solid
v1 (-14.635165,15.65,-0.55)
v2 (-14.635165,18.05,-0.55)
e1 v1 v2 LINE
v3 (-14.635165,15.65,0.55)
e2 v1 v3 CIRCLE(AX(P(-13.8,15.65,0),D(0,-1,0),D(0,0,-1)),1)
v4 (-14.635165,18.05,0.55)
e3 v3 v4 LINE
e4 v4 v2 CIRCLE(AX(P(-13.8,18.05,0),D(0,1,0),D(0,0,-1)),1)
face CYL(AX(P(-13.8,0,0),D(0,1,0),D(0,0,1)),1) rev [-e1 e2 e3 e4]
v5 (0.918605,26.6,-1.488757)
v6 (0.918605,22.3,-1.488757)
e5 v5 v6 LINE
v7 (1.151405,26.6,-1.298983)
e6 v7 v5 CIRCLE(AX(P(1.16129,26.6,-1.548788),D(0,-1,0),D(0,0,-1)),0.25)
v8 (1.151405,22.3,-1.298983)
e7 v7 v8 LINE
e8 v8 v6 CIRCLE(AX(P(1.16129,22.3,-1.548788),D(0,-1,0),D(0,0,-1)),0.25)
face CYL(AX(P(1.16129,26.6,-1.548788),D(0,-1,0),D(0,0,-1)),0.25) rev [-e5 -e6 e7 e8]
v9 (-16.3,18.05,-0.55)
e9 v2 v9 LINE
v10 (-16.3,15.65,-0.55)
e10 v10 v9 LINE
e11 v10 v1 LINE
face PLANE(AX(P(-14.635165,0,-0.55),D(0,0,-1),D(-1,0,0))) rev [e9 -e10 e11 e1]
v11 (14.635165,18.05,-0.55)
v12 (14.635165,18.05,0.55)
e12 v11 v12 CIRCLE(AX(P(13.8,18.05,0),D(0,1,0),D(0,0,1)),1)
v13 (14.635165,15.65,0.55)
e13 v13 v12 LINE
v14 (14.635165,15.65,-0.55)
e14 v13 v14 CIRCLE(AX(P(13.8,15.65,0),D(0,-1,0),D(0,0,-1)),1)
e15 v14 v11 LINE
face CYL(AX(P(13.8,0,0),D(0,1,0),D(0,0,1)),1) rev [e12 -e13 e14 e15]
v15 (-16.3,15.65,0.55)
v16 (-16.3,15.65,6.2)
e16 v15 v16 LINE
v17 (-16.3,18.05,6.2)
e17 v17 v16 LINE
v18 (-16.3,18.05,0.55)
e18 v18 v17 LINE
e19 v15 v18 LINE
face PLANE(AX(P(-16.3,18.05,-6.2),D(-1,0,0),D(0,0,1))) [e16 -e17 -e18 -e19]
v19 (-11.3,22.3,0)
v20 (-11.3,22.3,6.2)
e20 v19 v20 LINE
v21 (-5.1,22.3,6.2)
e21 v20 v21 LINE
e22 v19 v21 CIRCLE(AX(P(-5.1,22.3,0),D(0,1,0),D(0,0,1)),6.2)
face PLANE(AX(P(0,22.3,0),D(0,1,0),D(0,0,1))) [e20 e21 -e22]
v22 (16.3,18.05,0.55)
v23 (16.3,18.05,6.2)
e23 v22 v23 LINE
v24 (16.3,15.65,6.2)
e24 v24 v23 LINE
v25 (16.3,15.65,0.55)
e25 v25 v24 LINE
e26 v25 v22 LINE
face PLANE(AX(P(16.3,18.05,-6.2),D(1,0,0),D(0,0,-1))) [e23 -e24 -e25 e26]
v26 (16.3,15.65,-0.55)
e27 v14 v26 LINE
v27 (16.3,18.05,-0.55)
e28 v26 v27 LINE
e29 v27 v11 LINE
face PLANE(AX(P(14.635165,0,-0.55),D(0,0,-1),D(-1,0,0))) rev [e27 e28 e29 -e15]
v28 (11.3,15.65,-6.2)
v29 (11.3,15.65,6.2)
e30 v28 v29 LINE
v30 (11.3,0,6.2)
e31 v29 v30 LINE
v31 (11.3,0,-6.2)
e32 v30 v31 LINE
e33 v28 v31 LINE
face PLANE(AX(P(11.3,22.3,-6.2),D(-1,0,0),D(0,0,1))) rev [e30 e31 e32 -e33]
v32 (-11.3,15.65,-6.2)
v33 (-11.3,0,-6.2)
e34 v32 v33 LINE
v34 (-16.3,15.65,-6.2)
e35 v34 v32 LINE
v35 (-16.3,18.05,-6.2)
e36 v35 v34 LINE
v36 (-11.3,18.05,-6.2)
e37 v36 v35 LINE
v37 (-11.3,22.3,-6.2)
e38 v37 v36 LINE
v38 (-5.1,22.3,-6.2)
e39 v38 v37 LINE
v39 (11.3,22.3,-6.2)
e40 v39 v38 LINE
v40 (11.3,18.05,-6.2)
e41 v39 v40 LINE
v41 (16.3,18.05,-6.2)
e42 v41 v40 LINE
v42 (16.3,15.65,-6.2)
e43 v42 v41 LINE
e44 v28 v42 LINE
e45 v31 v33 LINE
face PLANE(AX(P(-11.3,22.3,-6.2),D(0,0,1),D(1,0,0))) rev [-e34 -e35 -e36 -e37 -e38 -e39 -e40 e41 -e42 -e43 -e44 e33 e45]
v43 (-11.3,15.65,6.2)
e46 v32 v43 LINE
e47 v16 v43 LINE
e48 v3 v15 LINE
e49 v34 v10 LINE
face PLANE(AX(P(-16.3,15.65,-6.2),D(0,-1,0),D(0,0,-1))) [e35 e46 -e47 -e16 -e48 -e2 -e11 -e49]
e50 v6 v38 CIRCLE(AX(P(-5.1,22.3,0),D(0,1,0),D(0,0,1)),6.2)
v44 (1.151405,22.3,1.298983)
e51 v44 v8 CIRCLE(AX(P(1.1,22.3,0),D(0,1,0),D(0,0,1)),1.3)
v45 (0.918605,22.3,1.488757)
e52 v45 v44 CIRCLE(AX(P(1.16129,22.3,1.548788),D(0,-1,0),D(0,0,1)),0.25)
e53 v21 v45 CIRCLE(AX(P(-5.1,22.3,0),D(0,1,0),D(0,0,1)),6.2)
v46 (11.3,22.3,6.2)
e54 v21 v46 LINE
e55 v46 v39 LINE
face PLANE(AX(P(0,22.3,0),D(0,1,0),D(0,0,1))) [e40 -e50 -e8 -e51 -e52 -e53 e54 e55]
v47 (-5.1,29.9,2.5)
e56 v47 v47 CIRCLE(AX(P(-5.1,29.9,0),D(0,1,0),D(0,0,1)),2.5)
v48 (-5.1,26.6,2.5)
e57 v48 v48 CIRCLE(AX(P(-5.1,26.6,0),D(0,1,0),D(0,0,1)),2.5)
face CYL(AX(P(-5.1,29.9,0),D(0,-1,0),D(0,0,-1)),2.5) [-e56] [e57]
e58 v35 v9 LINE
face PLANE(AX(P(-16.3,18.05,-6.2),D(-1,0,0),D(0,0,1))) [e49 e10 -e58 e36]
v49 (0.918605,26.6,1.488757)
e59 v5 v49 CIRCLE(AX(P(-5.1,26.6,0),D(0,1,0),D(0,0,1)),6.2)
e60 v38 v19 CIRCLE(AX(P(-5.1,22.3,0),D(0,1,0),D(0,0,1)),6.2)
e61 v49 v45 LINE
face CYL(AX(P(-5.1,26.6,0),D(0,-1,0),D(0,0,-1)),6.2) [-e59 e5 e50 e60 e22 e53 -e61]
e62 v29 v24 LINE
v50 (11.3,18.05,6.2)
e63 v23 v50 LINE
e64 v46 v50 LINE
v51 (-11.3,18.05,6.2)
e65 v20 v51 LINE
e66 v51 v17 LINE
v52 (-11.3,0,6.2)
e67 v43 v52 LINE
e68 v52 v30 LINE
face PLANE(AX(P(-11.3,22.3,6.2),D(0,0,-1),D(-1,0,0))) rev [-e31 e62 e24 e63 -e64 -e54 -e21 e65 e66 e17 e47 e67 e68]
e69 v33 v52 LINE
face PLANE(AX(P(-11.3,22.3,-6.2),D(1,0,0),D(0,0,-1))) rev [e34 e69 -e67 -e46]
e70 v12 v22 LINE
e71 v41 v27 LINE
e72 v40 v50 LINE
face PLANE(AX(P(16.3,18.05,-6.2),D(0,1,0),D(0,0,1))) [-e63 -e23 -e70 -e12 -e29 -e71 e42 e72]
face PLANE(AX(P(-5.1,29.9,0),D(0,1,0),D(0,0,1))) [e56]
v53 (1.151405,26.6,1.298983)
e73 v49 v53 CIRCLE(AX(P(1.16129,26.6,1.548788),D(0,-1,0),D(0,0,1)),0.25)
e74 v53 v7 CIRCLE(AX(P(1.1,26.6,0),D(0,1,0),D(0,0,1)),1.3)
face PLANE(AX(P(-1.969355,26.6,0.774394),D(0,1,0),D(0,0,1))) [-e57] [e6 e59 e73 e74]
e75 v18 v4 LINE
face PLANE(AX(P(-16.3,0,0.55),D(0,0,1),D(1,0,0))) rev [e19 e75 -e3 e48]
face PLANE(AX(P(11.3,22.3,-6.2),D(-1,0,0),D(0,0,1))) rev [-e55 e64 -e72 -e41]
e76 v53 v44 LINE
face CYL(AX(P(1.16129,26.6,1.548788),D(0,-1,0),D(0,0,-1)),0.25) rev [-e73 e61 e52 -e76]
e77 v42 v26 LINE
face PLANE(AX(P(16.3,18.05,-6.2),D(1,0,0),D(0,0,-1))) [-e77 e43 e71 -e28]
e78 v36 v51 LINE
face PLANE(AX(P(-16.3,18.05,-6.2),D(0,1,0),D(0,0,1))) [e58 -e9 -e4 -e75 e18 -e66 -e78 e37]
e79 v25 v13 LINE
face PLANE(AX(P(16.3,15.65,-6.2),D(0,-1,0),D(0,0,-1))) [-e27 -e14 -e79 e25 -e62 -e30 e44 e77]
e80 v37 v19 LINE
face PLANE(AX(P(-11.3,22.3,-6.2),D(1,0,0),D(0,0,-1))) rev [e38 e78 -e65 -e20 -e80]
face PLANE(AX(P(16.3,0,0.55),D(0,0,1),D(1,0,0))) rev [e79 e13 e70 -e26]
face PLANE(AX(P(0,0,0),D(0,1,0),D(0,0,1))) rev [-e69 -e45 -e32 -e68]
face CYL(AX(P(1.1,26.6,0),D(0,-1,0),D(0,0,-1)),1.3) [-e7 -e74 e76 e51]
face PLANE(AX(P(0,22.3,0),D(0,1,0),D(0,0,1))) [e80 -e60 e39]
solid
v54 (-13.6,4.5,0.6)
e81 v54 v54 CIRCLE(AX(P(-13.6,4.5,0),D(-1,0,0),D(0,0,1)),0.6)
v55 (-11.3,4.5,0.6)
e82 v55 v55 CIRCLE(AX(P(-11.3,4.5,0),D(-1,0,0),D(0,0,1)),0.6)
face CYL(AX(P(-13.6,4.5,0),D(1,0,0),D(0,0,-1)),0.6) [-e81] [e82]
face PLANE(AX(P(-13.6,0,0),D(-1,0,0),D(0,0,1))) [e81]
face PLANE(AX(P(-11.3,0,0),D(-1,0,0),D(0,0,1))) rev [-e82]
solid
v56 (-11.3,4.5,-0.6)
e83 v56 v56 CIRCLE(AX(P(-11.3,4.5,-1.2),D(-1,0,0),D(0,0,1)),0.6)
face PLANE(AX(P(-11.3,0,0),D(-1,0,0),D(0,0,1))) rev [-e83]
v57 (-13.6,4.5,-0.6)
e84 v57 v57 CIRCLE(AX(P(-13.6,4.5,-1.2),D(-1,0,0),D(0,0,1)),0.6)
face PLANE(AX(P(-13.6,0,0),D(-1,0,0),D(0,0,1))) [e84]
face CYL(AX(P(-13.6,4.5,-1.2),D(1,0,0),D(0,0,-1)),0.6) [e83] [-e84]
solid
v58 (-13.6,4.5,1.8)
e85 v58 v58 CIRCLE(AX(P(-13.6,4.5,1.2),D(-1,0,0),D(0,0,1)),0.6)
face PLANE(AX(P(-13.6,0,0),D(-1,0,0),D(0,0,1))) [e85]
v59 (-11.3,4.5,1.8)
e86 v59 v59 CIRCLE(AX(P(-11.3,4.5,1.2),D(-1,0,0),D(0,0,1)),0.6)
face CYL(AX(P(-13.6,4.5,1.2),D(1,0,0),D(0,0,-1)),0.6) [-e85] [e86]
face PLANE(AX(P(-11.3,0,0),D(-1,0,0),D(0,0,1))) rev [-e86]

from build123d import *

# Parameters (mm, degrees)
SKETCH1_W             = 22.6
SKETCH1_H             = 12.4
BOSS_EXTRUDE1_DEPTH   = 22.3
SKETCH2_W             = 5
SKETCH2_H             = 2.4
BOSS_EXTRUDE2_DEPTH   = 12.4
CUT_EXTRUDE1_DEPTH    = 26.098456128
BOSS_EXTRUDE3_DEPTH   = 4.3
SKETCH5_R             = 2.5
BOSS_EXTRUDE4_DEPTH   = 3.3
SKETCH6_R             = 0.6
BOSS_EXTRUDE7_DEPTH   = 2.3
BOSS_EXTRUDE7_2_DEPTH = 2.3
BOSS_EXTRUDE7_3_DEPTH = 2.3


with BuildPart() as part:
    # Sketch1 → Boss-Extrude1 (new body)
    with BuildSketch(Plane(origin=(0, 0, 0), x_dir=(1, 0, 0), z_dir=(0, 1, 0))):
        Rectangle(SKETCH1_W, SKETCH1_H)
    extrude(amount=BOSS_EXTRUDE1_DEPTH)

    # Sketch2 → Boss-Extrude2 (add)
    with BuildSketch(Plane.XY.offset(6.2)):
        with Locations((13.8, 16.85)):
            Rectangle(SKETCH2_W, SKETCH2_H)
        with Locations((-13.8, 16.85)):
            Rectangle(SKETCH2_W, SKETCH2_H)
    extrude(amount=-BOSS_EXTRUDE2_DEPTH)

    # Sketch3 → Cut-Extrude1 (cut, through all)
    with BuildSketch(Plane(origin=(0, 18.05, 0), x_dir=(1, 0, 0), z_dir=(0, 1, 0))):
        with BuildLine():
            Line((14.635164654, 0.55), (16.3, 0.55))
            Line((16.3, 0.55), (16.3, -0.55))
            Line((16.3, -0.55), (14.635164654, -0.55))
            ThreePointArc((14.635164654, -0.55), (12.8, 0), (14.635164654, 0.55))
        make_face()
        with BuildLine():
            Line((-16.3, -0.55), (-14.635164654, -0.55))
            ThreePointArc((-14.635164654, -0.55), (-12.8, 0), (-14.635164654, 0.55))
            Line((-14.635164654, 0.55), (-16.3, 0.55))
            Line((-16.3, 0.55), (-16.3, -0.55))
        make_face()
    extrude(amount=-CUT_EXTRUDE1_DEPTH, mode=Mode.SUBTRACT)

    # Sketch4 → Boss-Extrude3 (add)
    with BuildSketch(Plane(origin=(0, 22.3, 0), x_dir=(1, 0, 0), z_dir=(0, 1, 0))):
        with BuildLine():
            ThreePointArc((0.918604651, 1.488757218), (-11.3, 0), (0.918604651, -1.488757218))
            ThreePointArc((0.918604651, -1.488757218), (1.003329596, -1.355013632), (1.151404787, -1.298983275))
            ThreePointArc((1.151404787, -1.298983275), (2.4, 0), (1.151404787, 1.298983275))
            ThreePointArc((1.151404787, 1.298983275), (1.003329596, 1.355013632), (0.918604651, 1.488757218))
        make_face()
    extrude(amount=BOSS_EXTRUDE3_DEPTH)

    # Sketch5 → Boss-Extrude4 (add)
    with BuildSketch(Plane(origin=(0, 26.6, 0), x_dir=(1, 0, 0), z_dir=(0, 1, 0))):
        with Locations(Location((-5.1, 0, 0), (0, 0, 270))):
            Circle(SKETCH5_R)
    extrude(amount=BOSS_EXTRUDE4_DEPTH)


with BuildPart() as body_2:
    # Sketch6 → Boss-Extrude7 (new body)
    with BuildSketch(Plane.ZY.offset(11.3)):
        with Locations((0, 4.5)):
            Circle(SKETCH6_R)
    extrude(amount=BOSS_EXTRUDE7_DEPTH)


with BuildPart() as body_3:
    # Sketch6 → Boss-Extrude7 2 (new body)
    with BuildSketch(Plane.ZY.offset(11.3)):
        with Locations((1.2, 4.5)):
            Circle(SKETCH6_R)
    extrude(amount=BOSS_EXTRUDE7_2_DEPTH)


with BuildPart() as body_4:
    # Sketch6 → Boss-Extrude7 3 (new body)
    with BuildSketch(Plane.ZY.offset(11.3)):
        with Locations((-1.2, 4.5)):
            Circle(SKETCH6_R)
    extrude(amount=BOSS_EXTRUDE7_3_DEPTH)


solid = Compound([part.part, body_2.part, body_3.part, body_4.part])
